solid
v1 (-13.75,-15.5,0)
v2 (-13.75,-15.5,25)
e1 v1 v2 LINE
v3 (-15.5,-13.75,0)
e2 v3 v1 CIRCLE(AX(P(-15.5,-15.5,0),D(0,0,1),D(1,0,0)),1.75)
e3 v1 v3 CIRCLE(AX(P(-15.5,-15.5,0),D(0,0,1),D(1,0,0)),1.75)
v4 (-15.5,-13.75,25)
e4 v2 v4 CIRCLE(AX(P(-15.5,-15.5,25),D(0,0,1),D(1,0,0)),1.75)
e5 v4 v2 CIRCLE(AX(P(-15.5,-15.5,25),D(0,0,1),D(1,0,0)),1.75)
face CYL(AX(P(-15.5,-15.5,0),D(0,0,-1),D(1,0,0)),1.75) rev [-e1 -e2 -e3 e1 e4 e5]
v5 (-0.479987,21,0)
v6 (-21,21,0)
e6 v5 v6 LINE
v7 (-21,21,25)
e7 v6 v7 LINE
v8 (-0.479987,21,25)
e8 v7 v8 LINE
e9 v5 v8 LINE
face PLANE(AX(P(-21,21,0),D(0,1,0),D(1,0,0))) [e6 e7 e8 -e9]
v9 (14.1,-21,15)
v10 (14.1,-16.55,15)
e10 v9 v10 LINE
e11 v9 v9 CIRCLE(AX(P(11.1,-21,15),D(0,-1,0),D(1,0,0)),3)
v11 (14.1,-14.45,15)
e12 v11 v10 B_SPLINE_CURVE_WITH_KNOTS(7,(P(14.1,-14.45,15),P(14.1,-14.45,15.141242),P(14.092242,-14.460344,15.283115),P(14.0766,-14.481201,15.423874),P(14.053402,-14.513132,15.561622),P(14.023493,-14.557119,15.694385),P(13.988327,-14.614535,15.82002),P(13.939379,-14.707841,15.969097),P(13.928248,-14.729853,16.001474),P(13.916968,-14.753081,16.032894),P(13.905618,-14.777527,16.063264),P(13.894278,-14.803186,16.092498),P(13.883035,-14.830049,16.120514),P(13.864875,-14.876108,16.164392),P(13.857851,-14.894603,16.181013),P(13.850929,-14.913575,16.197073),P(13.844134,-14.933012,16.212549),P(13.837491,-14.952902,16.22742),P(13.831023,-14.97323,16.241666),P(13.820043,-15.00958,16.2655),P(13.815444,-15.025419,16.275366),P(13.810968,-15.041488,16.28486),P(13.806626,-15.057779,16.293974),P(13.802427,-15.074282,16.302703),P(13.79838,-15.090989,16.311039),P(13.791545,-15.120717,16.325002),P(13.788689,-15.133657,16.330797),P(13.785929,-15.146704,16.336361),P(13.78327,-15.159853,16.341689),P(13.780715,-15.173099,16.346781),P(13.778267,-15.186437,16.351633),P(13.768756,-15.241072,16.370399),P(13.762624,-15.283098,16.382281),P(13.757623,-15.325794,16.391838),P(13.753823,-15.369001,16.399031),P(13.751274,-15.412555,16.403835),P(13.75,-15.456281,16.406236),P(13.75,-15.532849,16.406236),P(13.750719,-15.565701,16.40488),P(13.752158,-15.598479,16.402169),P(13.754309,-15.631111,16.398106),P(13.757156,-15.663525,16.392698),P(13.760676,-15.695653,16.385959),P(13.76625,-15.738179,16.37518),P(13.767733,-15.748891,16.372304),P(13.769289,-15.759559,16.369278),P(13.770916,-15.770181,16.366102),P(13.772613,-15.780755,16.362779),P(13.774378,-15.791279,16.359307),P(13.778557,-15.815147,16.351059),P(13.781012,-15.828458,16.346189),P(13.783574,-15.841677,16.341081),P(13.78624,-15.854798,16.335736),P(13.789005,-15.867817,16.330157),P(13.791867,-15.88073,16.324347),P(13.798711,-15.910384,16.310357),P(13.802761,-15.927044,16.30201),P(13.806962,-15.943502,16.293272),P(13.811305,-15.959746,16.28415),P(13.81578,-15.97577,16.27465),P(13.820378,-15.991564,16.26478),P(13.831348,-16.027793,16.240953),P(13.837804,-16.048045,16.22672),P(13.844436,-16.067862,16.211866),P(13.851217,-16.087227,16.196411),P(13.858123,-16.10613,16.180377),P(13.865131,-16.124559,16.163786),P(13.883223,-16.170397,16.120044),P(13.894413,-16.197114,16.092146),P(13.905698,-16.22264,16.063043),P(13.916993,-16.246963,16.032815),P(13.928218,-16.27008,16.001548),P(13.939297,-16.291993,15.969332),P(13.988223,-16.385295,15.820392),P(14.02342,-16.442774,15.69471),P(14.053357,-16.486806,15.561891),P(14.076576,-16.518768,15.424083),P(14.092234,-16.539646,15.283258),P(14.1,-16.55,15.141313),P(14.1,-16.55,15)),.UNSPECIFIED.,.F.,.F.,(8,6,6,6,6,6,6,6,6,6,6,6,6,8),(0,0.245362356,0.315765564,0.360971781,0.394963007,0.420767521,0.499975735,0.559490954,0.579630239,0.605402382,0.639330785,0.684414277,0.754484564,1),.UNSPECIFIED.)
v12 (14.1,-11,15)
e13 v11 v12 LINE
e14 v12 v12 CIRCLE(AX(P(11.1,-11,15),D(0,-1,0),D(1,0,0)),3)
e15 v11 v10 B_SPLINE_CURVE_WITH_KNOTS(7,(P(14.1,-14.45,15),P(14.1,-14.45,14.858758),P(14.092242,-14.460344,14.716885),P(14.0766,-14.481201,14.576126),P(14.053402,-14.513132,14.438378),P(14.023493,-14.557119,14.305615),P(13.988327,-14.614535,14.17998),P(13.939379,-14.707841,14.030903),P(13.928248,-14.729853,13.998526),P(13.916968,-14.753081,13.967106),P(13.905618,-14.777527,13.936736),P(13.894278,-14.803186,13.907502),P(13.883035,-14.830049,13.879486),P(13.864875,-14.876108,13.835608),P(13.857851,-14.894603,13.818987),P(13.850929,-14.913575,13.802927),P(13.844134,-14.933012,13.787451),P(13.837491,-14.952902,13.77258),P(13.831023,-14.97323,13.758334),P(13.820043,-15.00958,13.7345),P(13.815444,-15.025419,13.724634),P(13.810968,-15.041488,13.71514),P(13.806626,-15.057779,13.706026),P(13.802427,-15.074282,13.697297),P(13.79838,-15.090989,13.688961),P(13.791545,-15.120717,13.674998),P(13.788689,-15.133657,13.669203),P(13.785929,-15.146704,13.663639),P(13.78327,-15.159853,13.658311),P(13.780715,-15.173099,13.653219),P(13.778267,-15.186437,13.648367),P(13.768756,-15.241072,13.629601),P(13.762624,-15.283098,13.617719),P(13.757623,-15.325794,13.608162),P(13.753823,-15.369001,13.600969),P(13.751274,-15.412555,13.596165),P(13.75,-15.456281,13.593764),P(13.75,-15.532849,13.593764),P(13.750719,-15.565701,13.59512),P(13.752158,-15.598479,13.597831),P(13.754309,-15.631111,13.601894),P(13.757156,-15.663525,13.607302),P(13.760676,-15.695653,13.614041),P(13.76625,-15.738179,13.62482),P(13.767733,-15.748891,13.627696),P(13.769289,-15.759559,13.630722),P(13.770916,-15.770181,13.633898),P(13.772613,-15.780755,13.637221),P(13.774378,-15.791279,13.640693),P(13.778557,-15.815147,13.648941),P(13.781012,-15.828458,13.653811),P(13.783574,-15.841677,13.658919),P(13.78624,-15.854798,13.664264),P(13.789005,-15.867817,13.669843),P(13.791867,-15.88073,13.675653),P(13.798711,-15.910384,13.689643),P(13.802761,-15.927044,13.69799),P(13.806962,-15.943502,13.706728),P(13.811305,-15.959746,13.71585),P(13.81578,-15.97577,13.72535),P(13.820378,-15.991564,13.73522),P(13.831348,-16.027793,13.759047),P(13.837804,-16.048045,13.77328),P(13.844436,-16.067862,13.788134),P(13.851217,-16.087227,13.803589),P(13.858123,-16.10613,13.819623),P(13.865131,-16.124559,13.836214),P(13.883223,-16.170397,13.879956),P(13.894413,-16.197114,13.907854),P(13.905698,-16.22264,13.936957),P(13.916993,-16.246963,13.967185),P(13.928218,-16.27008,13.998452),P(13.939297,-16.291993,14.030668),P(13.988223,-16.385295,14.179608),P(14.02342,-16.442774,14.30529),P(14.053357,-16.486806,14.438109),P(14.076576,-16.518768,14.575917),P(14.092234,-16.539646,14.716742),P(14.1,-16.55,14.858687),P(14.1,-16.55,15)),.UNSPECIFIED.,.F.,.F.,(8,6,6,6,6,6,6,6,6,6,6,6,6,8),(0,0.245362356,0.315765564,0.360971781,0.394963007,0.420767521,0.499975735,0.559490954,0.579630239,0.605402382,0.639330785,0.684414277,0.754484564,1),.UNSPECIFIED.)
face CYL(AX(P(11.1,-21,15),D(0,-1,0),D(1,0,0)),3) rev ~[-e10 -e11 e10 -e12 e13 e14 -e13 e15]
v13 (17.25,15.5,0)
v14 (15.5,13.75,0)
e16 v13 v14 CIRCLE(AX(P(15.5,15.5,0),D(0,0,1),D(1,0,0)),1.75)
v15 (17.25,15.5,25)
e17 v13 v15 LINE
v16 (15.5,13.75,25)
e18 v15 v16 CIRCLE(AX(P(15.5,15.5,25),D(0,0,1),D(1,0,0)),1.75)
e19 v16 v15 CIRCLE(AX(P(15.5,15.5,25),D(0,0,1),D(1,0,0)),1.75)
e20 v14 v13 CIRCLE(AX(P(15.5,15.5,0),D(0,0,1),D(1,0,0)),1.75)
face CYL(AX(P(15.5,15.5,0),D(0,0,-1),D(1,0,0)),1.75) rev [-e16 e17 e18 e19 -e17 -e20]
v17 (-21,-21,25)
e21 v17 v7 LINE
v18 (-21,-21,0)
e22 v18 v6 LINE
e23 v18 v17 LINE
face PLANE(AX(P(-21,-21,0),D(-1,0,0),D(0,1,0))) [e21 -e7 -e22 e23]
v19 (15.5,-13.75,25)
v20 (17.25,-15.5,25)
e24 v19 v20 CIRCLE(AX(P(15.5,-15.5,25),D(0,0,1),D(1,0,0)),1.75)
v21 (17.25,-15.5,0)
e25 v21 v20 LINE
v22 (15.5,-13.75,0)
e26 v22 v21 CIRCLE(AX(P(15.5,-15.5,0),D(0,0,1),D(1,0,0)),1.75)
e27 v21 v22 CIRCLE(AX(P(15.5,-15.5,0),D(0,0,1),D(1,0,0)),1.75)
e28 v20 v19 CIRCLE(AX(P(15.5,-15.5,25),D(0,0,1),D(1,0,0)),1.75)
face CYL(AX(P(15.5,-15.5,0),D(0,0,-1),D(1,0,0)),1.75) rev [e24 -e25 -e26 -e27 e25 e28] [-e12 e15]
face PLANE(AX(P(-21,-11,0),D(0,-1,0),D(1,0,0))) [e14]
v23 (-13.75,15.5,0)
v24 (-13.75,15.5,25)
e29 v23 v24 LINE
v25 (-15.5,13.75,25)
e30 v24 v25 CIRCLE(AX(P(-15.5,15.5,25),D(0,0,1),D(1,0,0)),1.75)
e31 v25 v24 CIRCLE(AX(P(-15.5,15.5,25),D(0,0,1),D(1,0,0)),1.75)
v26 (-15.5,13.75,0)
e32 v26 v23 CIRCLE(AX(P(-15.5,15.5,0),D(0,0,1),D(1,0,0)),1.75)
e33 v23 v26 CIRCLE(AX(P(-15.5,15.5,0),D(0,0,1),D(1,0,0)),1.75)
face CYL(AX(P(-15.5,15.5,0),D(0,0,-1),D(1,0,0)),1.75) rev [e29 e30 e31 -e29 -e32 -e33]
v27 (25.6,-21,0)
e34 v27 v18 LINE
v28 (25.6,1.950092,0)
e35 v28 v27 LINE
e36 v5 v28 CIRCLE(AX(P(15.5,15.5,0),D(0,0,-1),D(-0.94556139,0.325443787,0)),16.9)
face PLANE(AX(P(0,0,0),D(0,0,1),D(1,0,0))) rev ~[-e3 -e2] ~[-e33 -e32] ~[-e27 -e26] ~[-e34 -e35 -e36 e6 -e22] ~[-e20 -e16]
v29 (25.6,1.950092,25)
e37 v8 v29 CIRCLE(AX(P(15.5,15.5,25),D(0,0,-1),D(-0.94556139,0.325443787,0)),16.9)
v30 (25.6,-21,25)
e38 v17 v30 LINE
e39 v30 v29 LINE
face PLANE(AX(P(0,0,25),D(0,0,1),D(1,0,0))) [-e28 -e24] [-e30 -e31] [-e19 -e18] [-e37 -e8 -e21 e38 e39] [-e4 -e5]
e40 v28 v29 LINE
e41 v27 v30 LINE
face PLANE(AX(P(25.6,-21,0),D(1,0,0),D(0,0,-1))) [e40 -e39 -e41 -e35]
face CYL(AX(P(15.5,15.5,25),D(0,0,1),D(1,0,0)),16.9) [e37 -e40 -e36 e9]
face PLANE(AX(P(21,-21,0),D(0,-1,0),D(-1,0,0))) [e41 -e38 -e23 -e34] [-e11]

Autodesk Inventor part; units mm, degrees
ref_plane "YZ Plane" through (0, 0, 0) normal (1, 0, 0) x (0, 1, 0)
ref_plane "XZ Plane" through (0, 0, 0) normal (0, 1, 0) x (-1, 0, 0)
ref_plane "XY Plane" through (0, 0, 0) normal (0, 0, 1) x (1, 0, 0)
sketch "Sketch1" plane through (0, 0, 0) normal (0, 0, 1) x (1, 0, 0)
  line L0 (-21, 21) -> (21, 21)
  line L1 (21, 21) -> (21, -21)
  line L2 (21, -21) -> (-21, -21)
  line L3 (-21, -21) -> (-21, 21)
  line L4 (15.5, 15.5) -> (-15.5, 15.5) construction
  line L5 (-15.5, 15.5) -> (-15.5, -15.5)
  line L6 (-15.5, -15.5) -> (15.5, -15.5) construction
  line L7 (15.5, -15.5) -> (15.5, 15.5)
  circle A0 centre (-15.5, 15.5) radius 1.75
  circle A1 centre (15.5, 15.5) radius 1.75
  circle A2 centre (-15.5, -15.5) radius 1.75
  circle A3 centre (15.5, -15.5) radius 1.75
  point P0 (0, 0)
  point P1 (0, 0)
  dimension "d0" = 42
  dimension "d1" = 5.5
  dimension "d2" = 3.5
extrude "Extrusion1" add sketch "Sketch1" along normal blind 25
sketch "Sketch2" plane through (21, -21, 0) normal (1, 0, 0) x (0, 0, -1)
  line L0 (0, 42) -> (0, 0) projected
  line L1 (0, 42) -> (-25, 42) projected
  line L2 (-25, 0) -> (-25, 42) projected
  line L3 (0, 0) -> (-25, 0) projected
  point P0 (0, 21)
extrude "Extrusion2" add sketch "Sketch2" along normal blind 4.6
sketch "Sketch3" plane through (0, 0, 25) normal (0, 0, 1) x (1, 0, 0)
  circle A0 centre (15.5, 15.5) radius 1.75 projected
  line L0 (25.6, 21) -> (25.6, -21) projected
  circle A1 centre (15.5, 15.5) radius 16.9
  line L1 (25.6, 15.5) -> (32.4, 15.5)
  point P0 (0, 0)
  dimension "d7" = 16.9
extrude "Extrusion3" add sketch "Sketch3" against normal up to surface (25 mm away)
sketch "Sketch4" plane through (-21, -21, 0) normal (0, -1, 0) x (1, 0, 0)
  line L0 (46.6, 0) -> (0, 0) projected
  circle A0 centre (32.1, 15) radius 3
  point P0 (21, 0)
  dimension "d11" = 11.1
  dimension "d12" = 15
  dimension "d13" = 6
extrude "Extrusion4" cut sketch "Sketch4" against normal blind 10
properties part number "TITAN MOCKUP"
